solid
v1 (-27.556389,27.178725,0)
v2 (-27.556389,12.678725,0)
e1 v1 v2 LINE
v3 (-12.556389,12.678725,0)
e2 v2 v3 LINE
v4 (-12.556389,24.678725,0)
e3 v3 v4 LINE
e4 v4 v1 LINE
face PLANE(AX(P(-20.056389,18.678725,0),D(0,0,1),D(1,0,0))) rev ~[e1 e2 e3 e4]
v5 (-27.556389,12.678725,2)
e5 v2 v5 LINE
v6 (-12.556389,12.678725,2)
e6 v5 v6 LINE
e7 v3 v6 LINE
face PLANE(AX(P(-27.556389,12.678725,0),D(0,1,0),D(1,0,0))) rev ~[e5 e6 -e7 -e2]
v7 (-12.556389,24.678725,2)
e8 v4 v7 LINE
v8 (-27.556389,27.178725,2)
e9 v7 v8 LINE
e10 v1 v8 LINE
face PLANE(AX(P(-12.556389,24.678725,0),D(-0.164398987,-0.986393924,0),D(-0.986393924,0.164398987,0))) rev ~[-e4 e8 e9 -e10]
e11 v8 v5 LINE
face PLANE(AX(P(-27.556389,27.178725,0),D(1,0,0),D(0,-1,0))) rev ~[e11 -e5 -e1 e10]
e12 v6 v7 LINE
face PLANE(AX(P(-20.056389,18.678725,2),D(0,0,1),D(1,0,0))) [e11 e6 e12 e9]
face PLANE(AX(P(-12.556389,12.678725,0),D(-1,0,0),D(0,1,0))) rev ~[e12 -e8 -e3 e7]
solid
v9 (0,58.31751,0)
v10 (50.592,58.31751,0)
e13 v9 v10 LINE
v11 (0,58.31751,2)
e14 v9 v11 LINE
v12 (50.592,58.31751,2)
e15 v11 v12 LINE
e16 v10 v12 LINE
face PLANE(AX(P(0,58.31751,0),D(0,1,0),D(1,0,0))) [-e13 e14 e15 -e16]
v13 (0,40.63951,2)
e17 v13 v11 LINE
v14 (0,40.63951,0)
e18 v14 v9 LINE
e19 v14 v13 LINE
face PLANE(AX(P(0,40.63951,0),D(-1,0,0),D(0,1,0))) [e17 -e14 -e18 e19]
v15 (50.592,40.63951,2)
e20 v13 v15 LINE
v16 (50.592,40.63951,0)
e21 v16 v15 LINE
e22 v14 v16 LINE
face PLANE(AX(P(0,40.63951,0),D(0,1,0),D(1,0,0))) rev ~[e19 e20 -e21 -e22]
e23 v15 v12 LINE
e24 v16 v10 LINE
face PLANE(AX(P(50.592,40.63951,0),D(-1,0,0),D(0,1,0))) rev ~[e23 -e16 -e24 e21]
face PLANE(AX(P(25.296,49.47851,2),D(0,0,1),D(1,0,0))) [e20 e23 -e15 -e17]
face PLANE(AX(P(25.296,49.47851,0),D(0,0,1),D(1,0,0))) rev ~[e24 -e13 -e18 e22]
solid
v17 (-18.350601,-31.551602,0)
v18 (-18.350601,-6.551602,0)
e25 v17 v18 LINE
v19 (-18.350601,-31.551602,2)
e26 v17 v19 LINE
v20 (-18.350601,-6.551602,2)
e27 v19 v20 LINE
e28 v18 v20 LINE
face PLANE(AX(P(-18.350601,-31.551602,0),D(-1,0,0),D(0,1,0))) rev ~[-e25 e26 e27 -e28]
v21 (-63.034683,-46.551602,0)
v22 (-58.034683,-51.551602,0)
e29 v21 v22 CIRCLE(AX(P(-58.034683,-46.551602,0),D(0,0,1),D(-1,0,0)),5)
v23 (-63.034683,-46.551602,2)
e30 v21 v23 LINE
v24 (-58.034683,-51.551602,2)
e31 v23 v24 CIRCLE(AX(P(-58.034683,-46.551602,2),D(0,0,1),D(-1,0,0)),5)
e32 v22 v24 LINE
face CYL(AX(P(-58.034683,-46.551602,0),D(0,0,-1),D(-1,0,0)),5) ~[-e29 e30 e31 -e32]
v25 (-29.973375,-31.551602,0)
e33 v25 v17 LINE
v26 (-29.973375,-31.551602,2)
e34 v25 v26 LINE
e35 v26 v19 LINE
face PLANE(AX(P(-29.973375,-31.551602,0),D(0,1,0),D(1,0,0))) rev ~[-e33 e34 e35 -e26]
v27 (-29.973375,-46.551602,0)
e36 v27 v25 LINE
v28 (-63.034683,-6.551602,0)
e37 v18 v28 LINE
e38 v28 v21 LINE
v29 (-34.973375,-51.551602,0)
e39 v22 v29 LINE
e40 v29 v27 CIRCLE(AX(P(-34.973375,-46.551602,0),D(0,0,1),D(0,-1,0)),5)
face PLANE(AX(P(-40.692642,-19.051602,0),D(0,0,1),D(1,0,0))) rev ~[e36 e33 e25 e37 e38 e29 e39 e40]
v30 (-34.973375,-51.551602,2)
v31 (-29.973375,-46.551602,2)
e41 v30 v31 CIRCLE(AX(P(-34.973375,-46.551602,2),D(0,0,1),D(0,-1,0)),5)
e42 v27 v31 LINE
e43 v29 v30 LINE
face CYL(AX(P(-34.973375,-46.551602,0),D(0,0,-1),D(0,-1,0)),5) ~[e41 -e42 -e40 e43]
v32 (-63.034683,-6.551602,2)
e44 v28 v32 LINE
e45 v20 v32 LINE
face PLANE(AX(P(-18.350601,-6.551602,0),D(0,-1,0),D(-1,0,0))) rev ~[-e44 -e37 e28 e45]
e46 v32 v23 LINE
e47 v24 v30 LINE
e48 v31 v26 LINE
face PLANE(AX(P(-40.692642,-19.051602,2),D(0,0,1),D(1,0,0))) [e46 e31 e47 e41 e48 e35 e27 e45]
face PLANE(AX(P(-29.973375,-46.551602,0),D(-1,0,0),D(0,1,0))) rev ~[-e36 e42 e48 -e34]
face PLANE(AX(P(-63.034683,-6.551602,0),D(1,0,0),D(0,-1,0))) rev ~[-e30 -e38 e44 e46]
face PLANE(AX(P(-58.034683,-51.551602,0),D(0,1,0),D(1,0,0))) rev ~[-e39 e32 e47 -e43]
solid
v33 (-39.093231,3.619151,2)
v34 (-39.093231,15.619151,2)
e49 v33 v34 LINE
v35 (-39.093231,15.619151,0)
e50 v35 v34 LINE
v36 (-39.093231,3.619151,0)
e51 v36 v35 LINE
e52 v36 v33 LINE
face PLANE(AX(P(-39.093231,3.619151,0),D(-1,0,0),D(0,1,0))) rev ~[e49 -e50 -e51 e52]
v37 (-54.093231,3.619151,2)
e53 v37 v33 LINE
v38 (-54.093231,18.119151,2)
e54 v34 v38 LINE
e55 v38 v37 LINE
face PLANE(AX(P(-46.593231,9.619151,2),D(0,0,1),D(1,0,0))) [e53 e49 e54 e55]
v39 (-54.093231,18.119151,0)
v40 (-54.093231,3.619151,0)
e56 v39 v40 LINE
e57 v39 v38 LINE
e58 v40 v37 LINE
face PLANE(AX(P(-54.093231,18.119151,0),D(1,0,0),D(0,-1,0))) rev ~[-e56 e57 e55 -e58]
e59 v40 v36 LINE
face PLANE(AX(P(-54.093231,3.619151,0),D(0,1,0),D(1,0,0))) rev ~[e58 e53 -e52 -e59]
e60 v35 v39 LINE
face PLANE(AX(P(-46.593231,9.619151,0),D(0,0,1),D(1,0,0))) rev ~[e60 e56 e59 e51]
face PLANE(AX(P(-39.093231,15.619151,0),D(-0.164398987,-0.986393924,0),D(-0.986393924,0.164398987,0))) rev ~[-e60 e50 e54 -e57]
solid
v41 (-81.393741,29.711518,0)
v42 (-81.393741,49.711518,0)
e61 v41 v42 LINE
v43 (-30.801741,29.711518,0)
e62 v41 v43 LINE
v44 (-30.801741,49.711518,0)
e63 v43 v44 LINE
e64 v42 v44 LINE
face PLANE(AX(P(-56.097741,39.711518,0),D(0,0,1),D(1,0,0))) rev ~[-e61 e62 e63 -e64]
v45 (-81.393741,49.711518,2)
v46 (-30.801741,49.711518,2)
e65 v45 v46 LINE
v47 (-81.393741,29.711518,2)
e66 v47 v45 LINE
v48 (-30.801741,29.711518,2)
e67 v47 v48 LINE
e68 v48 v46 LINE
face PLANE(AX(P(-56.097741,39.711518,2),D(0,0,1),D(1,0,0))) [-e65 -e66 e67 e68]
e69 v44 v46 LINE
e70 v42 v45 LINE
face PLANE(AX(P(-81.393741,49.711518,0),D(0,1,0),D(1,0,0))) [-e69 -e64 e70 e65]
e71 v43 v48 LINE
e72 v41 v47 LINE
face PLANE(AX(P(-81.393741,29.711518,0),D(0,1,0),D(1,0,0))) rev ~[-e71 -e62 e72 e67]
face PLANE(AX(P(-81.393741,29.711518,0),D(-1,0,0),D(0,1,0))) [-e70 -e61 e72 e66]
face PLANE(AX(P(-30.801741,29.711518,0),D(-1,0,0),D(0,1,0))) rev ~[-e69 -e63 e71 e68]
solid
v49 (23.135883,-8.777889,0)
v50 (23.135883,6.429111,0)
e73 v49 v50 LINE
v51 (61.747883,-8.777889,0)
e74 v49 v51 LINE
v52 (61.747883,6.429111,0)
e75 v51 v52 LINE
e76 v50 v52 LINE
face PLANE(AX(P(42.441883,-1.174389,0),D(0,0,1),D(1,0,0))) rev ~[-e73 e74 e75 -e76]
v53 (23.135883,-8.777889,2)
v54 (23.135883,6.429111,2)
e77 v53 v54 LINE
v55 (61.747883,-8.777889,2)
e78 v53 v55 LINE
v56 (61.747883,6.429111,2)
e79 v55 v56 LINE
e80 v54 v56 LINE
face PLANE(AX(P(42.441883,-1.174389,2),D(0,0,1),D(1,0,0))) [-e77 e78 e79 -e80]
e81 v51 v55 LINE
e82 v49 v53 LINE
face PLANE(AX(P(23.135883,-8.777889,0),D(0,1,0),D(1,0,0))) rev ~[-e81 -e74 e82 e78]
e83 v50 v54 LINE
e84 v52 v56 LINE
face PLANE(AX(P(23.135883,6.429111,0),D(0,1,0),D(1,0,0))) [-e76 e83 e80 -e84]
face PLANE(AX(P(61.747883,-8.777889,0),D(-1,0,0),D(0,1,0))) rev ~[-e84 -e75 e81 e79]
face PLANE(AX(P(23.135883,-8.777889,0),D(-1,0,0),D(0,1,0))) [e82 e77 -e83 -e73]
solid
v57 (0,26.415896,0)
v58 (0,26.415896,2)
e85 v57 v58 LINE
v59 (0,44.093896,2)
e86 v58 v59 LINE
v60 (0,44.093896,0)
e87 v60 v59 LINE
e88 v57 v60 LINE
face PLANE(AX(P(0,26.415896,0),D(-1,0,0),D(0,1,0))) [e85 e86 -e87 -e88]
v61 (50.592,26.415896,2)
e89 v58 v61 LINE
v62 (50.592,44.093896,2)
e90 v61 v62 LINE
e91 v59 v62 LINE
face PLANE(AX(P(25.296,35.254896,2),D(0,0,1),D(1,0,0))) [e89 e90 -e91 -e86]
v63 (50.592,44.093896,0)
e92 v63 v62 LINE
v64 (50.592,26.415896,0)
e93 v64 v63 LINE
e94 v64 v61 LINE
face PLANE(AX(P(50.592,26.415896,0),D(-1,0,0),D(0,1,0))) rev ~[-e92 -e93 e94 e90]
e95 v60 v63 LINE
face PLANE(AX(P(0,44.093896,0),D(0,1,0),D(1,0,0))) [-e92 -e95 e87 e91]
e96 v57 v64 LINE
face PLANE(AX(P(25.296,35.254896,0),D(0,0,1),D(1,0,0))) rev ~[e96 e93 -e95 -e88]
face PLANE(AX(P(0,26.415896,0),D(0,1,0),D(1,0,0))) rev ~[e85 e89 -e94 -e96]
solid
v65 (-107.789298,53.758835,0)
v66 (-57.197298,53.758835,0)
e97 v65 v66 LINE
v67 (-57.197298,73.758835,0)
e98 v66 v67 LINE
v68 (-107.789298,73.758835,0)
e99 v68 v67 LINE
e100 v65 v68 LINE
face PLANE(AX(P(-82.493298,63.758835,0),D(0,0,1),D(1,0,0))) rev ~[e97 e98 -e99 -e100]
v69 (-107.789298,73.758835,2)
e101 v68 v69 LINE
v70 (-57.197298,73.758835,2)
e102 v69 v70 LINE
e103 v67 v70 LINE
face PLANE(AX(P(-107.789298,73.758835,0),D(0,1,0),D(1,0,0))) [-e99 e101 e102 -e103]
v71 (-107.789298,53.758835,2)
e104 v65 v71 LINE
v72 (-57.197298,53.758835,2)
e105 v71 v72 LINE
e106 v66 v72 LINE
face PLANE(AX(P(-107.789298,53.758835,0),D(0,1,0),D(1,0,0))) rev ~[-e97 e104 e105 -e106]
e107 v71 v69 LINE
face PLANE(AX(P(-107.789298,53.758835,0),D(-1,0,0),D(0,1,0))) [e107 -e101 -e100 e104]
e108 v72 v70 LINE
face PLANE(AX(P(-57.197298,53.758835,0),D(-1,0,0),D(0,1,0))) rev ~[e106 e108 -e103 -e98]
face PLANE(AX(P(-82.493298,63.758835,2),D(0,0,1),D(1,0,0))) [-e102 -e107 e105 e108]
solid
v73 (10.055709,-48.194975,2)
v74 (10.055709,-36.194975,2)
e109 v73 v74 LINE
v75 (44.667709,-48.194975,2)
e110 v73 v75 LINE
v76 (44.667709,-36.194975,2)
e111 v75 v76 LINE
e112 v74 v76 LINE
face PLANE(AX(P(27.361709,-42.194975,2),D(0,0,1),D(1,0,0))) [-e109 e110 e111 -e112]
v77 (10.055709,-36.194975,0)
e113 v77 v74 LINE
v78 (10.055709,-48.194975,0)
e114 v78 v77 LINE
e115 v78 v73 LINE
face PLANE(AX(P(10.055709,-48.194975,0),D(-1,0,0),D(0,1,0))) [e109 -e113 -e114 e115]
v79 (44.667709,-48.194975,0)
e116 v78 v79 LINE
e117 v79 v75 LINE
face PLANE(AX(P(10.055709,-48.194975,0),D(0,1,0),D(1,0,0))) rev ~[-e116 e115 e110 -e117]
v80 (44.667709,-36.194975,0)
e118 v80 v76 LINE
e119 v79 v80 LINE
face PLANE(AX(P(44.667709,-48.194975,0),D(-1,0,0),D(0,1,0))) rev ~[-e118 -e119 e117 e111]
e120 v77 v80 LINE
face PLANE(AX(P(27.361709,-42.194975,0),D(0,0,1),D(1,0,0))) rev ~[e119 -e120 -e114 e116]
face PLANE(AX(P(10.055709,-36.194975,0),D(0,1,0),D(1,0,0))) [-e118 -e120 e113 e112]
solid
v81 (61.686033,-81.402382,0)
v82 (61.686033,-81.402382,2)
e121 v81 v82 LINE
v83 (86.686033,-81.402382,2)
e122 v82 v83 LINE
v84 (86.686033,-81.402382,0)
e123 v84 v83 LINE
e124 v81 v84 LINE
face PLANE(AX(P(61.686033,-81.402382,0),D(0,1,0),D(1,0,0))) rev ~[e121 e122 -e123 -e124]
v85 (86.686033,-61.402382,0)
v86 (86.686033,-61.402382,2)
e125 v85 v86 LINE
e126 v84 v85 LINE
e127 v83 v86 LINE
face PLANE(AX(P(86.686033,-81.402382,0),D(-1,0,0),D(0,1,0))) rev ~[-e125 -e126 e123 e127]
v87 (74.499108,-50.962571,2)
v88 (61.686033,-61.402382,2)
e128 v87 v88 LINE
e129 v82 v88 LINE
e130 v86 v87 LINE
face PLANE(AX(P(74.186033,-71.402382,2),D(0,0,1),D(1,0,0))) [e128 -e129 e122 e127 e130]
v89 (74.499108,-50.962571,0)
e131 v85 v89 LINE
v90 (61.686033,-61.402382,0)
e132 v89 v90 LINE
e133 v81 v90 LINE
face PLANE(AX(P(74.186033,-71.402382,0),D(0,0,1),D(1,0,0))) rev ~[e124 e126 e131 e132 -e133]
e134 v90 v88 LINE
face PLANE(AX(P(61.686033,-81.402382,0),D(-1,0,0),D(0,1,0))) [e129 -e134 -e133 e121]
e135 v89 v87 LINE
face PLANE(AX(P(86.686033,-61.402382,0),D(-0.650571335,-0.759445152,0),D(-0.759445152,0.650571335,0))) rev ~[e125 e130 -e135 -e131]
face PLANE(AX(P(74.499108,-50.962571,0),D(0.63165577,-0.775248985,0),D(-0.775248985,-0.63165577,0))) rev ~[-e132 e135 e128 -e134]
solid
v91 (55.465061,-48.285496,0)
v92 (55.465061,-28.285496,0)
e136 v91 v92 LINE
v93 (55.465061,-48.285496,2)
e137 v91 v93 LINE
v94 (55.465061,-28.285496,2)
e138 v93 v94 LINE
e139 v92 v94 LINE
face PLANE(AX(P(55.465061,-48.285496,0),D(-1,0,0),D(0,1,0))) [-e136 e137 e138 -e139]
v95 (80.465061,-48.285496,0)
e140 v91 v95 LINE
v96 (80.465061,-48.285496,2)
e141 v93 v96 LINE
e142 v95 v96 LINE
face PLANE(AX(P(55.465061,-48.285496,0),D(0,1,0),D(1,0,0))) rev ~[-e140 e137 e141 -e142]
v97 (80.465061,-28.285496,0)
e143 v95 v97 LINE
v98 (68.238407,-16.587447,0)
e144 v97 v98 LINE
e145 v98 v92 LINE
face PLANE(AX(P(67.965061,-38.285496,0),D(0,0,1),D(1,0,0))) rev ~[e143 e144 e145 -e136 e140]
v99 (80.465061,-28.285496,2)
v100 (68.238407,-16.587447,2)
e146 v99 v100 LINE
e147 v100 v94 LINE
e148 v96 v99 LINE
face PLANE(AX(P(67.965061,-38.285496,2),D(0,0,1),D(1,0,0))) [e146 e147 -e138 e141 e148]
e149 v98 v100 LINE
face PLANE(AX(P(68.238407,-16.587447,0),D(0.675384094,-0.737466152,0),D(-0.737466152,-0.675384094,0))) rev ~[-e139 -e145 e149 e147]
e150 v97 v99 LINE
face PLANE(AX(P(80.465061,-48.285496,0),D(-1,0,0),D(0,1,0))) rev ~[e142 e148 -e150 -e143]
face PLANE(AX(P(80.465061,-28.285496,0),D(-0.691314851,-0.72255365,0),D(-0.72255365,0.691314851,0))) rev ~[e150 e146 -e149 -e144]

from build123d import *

# Parameters (mm, degrees)
F1_W      = 50.592
F1_H      = 20
F10_DEPTH = 2
F5_W      = 15
F5_H      = 12
F4_W      = 15
F4_H      = 12
F0_W      = 50.592
F0_H      = 20
F2_W      = 50.592
F2_H      = 17.678
F3_W      = 50.592
F3_H      = 17.678
F6_W      = 38.612
F6_H      = 15.207
F7_W      = 34.612
F7_H      = 12
F8_W      = 25
F8_H      = 20
F9_W      = 25
F9_H      = 20


with BuildPart() as f10:
    # F1 (on Top) → F10 (new body)
    with BuildSketch(Plane.XY):
        with Locations((-82.4932979216, 63.7588351965)):
            Rectangle(F1_W, F1_H)
    extrude(amount=F10_DEPTH)


with BuildPart() as f10b:
    # F5 (on Top) → F10, piece 2 (new body)
    with BuildSketch(Plane.XY):
        with Locations((-20.0563894267, 18.6787252277)):
            Rectangle(F5_W, F5_H)
        Polygon((-27.5563894267, 27.1787252277), (-27.5563894267, 24.6787252277), (-12.5563894267, 24.6787252277), align=None)
    extrude(amount=F10_DEPTH)


with BuildPart() as f10c:
    # F4 (on Top) → F10, piece 3 (new body)
    with BuildSketch(Plane.XY):
        with Locations((-46.593231149, 9.6191507727)):
            Rectangle(F4_W, F4_H)
        Polygon((-54.093231149, 18.1191507727), (-54.093231149, 15.6191507727), (-39.093231149, 15.6191507727), align=None)
    extrude(amount=F10_DEPTH)


with BuildPart() as f10d:
    # F0 (on Top) → F10, piece 4 (new body)
    with BuildSketch(Plane.XY):
        with Locations((-56.0977410712, 39.7115184367)):
            Rectangle(F0_W, F0_H)
    extrude(amount=F10_DEPTH)


with BuildPart() as f10e:
    # F2 (on Top) → F10, piece 5 (new body)
    with BuildSketch(Plane.XY):
        with Locations((25.296, 49.4785104464)):
            Rectangle(F2_W, F2_H)
    extrude(amount=F10_DEPTH)


with BuildPart() as f10f:
    # F3 (on Top) → F10, piece 6 (new body)
    with BuildSketch(Plane.XY):
        with Locations((25.296, 35.2548963126)):
            Rectangle(F3_W, F3_H)
    extrude(amount=F10_DEPTH)


with BuildPart() as f10g:
    # F6 (on Top) → F10, piece 7 (new body)
    with BuildSketch(Plane.XY):
        with Locations((42.4418825417, -1.1743893847)):
            Rectangle(F6_W, F6_H)
    extrude(amount=F10_DEPTH)


with BuildPart() as f10h:
    # F6 (on Top) → F10, piece 8 (new body)
    with BuildSketch(Plane.XY):
        Polygon((-18.3506011963, -6.5516024038), (-63.034683466, -6.5516024038), (-63.034683466, -31.5516024038), (-29.9733750251, -31.5516024038), (-18.3506011963, -31.5516024038), align=None)
        with BuildLine():
            Line((-29.9733750251, -31.5516024038), (-63.034683466, -31.5516024038))
            Line((-63.034683466, -31.5516024038), (-63.034683466, -46.5516024038))
            ThreePointArc((-63.034683466, -46.5516024038), (-61.5702173719, -50.0871363097), (-58.034683466, -51.5516024038))
            Line((-58.034683466, -51.5516024038), (-34.9733750251, -51.5516024038))
            ThreePointArc((-34.9733750251, -51.5516024038), (-31.4378411191, -50.0871363097), (-29.9733750251, -46.5516024038))
            Line((-29.9733750251, -46.5516024038), (-29.9733750251, -31.5516024038))
        make_face()
    extrude(amount=F10_DEPTH)


with BuildPart() as f10i:
    # F7 (on Top) → F10, piece 9 (new body)
    with BuildSketch(Plane.XY):
        with Locations((27.3617086989, -42.1949746609)):
            Rectangle(F7_W, F7_H)
    extrude(amount=F10_DEPTH)


with BuildPart() as f10j:
    # F8 (on Top) → F10, piece 10 (new body)
    with BuildSketch(Plane.XY):
        with Locations((67.9650614148, -38.2854957134)):
            Rectangle(F8_W, F8_H)
        Polygon((68.2384073734, -16.5874473751), (55.4650614148, -28.2854957134), (80.4650614148, -28.2854957134), align=None)
    extrude(amount=F10_DEPTH)


with BuildPart() as f10k:
    # F9 (on Top) → F10, piece 11 (new body)
    with BuildSketch(Plane.XY):
        with Locations((74.1860326253, -71.4023821056)):
            Rectangle(F9_W, F9_H)
        Polygon((74.4991078973, -50.9625710547), (61.6860326253, -61.4023821056), (86.6860326253, -61.4023821056), align=None)
    extrude(amount=F10_DEPTH)


solid = Compound([f10.part, f10b.part, f10c.part, f10d.part, f10e.part, f10f.part, f10g.part, f10h.part, f10i.part, f10j.part, f10k.part])
